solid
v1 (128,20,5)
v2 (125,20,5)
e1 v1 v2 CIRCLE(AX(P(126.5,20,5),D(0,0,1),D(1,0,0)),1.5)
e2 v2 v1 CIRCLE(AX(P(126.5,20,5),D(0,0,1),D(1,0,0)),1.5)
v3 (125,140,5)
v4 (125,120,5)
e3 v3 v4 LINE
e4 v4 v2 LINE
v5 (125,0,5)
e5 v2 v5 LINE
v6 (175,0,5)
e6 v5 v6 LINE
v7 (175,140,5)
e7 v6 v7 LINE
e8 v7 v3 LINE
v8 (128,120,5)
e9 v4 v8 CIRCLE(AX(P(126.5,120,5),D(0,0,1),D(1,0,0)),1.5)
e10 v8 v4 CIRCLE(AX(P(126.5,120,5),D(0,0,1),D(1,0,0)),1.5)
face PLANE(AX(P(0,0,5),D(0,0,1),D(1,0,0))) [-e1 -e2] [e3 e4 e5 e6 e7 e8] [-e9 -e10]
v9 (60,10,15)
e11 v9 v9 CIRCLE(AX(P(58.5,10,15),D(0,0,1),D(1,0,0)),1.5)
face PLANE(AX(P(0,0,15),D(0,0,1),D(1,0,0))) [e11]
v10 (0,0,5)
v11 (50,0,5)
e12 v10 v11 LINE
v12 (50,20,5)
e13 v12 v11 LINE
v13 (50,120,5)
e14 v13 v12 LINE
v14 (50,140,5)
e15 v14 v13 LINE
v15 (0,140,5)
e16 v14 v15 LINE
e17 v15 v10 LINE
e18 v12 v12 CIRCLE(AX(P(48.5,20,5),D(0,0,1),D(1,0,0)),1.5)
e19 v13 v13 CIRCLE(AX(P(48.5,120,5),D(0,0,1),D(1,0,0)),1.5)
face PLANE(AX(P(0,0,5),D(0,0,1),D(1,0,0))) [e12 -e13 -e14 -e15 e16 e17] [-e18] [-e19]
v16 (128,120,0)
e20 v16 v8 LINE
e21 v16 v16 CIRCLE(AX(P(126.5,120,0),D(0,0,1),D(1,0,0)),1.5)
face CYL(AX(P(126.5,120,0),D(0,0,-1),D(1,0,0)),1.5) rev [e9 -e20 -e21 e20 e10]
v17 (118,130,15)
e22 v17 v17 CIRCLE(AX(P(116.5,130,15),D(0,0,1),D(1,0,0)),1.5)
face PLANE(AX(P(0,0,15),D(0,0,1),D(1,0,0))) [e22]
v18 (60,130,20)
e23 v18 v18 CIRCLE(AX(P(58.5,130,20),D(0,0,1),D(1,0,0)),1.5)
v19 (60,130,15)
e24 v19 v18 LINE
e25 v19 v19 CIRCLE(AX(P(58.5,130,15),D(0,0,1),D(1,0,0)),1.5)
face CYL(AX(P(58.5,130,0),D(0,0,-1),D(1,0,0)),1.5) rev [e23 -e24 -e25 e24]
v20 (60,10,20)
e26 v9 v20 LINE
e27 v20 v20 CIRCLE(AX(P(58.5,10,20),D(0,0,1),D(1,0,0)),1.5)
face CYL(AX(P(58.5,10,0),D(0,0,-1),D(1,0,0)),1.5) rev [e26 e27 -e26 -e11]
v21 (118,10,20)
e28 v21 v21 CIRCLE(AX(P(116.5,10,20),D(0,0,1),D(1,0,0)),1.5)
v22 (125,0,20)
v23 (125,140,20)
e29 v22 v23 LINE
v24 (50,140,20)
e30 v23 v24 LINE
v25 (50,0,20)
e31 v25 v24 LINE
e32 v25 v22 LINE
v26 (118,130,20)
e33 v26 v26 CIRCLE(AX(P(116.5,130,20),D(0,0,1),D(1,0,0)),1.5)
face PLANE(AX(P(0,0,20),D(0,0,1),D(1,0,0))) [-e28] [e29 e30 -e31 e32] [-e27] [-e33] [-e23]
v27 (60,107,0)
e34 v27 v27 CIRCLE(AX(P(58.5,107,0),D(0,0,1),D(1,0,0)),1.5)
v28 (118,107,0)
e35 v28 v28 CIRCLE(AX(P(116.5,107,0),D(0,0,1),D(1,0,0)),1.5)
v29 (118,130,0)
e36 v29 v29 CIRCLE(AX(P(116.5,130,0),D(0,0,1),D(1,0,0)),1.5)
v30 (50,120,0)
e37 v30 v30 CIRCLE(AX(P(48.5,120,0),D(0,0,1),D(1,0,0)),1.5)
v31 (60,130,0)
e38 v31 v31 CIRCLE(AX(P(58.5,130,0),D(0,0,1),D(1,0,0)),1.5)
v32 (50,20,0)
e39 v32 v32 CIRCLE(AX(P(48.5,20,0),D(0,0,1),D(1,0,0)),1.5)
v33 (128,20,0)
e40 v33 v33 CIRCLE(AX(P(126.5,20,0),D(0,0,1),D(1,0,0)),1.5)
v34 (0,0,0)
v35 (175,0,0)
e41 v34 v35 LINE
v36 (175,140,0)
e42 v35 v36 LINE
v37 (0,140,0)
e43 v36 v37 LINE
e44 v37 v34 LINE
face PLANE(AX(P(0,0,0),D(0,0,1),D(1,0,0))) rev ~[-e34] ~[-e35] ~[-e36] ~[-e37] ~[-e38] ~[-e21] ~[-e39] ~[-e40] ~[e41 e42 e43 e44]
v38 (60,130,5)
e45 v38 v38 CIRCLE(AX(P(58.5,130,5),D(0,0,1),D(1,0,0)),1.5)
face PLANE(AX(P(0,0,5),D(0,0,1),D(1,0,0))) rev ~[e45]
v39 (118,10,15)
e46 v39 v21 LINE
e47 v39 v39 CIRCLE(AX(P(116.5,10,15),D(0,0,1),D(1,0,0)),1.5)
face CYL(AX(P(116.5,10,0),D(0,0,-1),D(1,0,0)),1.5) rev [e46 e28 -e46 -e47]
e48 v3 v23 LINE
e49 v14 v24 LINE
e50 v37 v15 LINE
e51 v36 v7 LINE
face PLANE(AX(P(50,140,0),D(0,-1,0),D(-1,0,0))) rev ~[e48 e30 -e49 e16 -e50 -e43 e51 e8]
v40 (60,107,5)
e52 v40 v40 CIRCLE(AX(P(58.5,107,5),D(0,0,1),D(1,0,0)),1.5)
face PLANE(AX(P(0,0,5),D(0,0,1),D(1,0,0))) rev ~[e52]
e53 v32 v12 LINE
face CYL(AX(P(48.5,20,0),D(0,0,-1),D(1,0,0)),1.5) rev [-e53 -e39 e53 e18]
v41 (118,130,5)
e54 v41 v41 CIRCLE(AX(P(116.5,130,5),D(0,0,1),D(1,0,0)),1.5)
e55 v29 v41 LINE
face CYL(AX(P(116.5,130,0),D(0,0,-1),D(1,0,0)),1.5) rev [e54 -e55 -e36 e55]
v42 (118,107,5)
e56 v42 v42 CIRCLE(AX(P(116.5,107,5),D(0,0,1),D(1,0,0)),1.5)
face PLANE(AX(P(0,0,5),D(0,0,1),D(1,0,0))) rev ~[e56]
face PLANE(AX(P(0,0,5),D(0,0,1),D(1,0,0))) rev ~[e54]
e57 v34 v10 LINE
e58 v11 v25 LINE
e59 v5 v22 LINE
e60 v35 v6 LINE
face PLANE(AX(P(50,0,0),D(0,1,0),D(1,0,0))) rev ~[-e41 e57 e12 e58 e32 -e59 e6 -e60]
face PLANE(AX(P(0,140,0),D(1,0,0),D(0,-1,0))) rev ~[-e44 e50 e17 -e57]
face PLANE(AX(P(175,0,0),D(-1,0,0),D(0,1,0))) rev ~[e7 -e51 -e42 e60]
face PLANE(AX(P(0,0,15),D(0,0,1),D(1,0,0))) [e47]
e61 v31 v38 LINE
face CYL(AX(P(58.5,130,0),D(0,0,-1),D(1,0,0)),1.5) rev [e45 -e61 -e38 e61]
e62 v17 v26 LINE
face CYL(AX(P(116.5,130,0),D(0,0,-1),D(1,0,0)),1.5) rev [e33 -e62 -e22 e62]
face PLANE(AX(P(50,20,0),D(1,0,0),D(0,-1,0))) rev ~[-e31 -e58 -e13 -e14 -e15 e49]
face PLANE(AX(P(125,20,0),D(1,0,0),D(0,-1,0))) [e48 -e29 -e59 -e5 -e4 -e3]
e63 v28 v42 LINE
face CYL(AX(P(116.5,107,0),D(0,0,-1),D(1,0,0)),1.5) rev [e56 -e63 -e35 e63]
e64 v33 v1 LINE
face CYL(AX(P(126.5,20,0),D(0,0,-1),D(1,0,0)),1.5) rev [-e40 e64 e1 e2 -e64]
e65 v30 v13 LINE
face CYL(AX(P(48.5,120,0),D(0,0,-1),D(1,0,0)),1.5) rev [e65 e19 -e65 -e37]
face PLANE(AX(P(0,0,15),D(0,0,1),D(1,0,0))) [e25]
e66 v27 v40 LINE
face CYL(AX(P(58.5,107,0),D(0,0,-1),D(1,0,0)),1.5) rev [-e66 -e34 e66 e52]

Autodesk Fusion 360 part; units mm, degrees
sketch "Sketch1" plane through (0, 0, 0) normal (0, 0, 1) x (1, 0, 0)
  line L0 (0, 0) -> (175, 0)
  line L1 (175, 0) -> (175, 140)
  line L2 (175, 140) -> (0, 140)
  line L3 (0, 140) -> (0, 0)
  line L4 (50, 140) -> (50, 0)
  line L5 (125, 140) -> (125, 0)
  circle A0 centre (58.5, 10) radius 1.5
  circle A1 centre (116.5, 10) radius 1.5
  line L6 (87.5, 0) -> (87.5, 140) construction
  circle A2 centre (58.5, 130) radius 1.5
  circle A3 centre (116.5, 130) radius 1.5
  line L7 (58.5, 130) -> (58.5, 100) construction
  circle A4 centre (58.5, 107) radius 1.5
  line L8 (116.5, 130) -> (116.5, 100) construction
  circle A5 centre (116.5, 107) radius 1.5
  circle A6 centre (48.5, 120) radius 1.5
  line L9 (0, 70) -> (175, 70) construction
  circle A7 centre (48.5, 20) radius 1.5
  circle A8 centre (126.5, 120) radius 1.5
  circle A9 centre (126.5, 20) radius 1.5
  dimension "d1" = 140
  dimension "d2" = 175
  dimension "d3" = 50
  dimension "d4" = 50
  dimension "d5" = 3
  dimension "d6" = 10
  dimension "d7" = 3
  dimension "d10" = 58
  dimension "d11" = 3
  dimension "d12" = 3
  dimension "d13" = 58
  dimension "d14" = 10
  dimension "d23" = 3
  dimension "d24" = 23
  dimension "d25" = 3
  dimension "d26" = 23
  dimension "d27" = 3
  dimension "d28" = 3
  dimension "d29" = 100
  dimension "d30" = 3
  dimension "d31" = 3
  dimension "d32" = 100
extrude "Extrude1" add sketch "Sketch1" along normal blind 20 contours L0 L2 L4 L5
extrude "Extrude3" add sketch "Sketch1" along normal blind 5 contours L0 L2 L3 L4 | L0 L1 L2 L5
extrude "Extrude4" add sketch "Sketch1" along normal blind 15 contours A0 | A1
extrude "Extrude5" add sketch "Sketch1" along normal blind 10 from surface at 5 contours A2 | A3
extrude "Extrude6" add sketch "Sketch1" along normal blind 15 from surface at 5 contours A4 | A5
